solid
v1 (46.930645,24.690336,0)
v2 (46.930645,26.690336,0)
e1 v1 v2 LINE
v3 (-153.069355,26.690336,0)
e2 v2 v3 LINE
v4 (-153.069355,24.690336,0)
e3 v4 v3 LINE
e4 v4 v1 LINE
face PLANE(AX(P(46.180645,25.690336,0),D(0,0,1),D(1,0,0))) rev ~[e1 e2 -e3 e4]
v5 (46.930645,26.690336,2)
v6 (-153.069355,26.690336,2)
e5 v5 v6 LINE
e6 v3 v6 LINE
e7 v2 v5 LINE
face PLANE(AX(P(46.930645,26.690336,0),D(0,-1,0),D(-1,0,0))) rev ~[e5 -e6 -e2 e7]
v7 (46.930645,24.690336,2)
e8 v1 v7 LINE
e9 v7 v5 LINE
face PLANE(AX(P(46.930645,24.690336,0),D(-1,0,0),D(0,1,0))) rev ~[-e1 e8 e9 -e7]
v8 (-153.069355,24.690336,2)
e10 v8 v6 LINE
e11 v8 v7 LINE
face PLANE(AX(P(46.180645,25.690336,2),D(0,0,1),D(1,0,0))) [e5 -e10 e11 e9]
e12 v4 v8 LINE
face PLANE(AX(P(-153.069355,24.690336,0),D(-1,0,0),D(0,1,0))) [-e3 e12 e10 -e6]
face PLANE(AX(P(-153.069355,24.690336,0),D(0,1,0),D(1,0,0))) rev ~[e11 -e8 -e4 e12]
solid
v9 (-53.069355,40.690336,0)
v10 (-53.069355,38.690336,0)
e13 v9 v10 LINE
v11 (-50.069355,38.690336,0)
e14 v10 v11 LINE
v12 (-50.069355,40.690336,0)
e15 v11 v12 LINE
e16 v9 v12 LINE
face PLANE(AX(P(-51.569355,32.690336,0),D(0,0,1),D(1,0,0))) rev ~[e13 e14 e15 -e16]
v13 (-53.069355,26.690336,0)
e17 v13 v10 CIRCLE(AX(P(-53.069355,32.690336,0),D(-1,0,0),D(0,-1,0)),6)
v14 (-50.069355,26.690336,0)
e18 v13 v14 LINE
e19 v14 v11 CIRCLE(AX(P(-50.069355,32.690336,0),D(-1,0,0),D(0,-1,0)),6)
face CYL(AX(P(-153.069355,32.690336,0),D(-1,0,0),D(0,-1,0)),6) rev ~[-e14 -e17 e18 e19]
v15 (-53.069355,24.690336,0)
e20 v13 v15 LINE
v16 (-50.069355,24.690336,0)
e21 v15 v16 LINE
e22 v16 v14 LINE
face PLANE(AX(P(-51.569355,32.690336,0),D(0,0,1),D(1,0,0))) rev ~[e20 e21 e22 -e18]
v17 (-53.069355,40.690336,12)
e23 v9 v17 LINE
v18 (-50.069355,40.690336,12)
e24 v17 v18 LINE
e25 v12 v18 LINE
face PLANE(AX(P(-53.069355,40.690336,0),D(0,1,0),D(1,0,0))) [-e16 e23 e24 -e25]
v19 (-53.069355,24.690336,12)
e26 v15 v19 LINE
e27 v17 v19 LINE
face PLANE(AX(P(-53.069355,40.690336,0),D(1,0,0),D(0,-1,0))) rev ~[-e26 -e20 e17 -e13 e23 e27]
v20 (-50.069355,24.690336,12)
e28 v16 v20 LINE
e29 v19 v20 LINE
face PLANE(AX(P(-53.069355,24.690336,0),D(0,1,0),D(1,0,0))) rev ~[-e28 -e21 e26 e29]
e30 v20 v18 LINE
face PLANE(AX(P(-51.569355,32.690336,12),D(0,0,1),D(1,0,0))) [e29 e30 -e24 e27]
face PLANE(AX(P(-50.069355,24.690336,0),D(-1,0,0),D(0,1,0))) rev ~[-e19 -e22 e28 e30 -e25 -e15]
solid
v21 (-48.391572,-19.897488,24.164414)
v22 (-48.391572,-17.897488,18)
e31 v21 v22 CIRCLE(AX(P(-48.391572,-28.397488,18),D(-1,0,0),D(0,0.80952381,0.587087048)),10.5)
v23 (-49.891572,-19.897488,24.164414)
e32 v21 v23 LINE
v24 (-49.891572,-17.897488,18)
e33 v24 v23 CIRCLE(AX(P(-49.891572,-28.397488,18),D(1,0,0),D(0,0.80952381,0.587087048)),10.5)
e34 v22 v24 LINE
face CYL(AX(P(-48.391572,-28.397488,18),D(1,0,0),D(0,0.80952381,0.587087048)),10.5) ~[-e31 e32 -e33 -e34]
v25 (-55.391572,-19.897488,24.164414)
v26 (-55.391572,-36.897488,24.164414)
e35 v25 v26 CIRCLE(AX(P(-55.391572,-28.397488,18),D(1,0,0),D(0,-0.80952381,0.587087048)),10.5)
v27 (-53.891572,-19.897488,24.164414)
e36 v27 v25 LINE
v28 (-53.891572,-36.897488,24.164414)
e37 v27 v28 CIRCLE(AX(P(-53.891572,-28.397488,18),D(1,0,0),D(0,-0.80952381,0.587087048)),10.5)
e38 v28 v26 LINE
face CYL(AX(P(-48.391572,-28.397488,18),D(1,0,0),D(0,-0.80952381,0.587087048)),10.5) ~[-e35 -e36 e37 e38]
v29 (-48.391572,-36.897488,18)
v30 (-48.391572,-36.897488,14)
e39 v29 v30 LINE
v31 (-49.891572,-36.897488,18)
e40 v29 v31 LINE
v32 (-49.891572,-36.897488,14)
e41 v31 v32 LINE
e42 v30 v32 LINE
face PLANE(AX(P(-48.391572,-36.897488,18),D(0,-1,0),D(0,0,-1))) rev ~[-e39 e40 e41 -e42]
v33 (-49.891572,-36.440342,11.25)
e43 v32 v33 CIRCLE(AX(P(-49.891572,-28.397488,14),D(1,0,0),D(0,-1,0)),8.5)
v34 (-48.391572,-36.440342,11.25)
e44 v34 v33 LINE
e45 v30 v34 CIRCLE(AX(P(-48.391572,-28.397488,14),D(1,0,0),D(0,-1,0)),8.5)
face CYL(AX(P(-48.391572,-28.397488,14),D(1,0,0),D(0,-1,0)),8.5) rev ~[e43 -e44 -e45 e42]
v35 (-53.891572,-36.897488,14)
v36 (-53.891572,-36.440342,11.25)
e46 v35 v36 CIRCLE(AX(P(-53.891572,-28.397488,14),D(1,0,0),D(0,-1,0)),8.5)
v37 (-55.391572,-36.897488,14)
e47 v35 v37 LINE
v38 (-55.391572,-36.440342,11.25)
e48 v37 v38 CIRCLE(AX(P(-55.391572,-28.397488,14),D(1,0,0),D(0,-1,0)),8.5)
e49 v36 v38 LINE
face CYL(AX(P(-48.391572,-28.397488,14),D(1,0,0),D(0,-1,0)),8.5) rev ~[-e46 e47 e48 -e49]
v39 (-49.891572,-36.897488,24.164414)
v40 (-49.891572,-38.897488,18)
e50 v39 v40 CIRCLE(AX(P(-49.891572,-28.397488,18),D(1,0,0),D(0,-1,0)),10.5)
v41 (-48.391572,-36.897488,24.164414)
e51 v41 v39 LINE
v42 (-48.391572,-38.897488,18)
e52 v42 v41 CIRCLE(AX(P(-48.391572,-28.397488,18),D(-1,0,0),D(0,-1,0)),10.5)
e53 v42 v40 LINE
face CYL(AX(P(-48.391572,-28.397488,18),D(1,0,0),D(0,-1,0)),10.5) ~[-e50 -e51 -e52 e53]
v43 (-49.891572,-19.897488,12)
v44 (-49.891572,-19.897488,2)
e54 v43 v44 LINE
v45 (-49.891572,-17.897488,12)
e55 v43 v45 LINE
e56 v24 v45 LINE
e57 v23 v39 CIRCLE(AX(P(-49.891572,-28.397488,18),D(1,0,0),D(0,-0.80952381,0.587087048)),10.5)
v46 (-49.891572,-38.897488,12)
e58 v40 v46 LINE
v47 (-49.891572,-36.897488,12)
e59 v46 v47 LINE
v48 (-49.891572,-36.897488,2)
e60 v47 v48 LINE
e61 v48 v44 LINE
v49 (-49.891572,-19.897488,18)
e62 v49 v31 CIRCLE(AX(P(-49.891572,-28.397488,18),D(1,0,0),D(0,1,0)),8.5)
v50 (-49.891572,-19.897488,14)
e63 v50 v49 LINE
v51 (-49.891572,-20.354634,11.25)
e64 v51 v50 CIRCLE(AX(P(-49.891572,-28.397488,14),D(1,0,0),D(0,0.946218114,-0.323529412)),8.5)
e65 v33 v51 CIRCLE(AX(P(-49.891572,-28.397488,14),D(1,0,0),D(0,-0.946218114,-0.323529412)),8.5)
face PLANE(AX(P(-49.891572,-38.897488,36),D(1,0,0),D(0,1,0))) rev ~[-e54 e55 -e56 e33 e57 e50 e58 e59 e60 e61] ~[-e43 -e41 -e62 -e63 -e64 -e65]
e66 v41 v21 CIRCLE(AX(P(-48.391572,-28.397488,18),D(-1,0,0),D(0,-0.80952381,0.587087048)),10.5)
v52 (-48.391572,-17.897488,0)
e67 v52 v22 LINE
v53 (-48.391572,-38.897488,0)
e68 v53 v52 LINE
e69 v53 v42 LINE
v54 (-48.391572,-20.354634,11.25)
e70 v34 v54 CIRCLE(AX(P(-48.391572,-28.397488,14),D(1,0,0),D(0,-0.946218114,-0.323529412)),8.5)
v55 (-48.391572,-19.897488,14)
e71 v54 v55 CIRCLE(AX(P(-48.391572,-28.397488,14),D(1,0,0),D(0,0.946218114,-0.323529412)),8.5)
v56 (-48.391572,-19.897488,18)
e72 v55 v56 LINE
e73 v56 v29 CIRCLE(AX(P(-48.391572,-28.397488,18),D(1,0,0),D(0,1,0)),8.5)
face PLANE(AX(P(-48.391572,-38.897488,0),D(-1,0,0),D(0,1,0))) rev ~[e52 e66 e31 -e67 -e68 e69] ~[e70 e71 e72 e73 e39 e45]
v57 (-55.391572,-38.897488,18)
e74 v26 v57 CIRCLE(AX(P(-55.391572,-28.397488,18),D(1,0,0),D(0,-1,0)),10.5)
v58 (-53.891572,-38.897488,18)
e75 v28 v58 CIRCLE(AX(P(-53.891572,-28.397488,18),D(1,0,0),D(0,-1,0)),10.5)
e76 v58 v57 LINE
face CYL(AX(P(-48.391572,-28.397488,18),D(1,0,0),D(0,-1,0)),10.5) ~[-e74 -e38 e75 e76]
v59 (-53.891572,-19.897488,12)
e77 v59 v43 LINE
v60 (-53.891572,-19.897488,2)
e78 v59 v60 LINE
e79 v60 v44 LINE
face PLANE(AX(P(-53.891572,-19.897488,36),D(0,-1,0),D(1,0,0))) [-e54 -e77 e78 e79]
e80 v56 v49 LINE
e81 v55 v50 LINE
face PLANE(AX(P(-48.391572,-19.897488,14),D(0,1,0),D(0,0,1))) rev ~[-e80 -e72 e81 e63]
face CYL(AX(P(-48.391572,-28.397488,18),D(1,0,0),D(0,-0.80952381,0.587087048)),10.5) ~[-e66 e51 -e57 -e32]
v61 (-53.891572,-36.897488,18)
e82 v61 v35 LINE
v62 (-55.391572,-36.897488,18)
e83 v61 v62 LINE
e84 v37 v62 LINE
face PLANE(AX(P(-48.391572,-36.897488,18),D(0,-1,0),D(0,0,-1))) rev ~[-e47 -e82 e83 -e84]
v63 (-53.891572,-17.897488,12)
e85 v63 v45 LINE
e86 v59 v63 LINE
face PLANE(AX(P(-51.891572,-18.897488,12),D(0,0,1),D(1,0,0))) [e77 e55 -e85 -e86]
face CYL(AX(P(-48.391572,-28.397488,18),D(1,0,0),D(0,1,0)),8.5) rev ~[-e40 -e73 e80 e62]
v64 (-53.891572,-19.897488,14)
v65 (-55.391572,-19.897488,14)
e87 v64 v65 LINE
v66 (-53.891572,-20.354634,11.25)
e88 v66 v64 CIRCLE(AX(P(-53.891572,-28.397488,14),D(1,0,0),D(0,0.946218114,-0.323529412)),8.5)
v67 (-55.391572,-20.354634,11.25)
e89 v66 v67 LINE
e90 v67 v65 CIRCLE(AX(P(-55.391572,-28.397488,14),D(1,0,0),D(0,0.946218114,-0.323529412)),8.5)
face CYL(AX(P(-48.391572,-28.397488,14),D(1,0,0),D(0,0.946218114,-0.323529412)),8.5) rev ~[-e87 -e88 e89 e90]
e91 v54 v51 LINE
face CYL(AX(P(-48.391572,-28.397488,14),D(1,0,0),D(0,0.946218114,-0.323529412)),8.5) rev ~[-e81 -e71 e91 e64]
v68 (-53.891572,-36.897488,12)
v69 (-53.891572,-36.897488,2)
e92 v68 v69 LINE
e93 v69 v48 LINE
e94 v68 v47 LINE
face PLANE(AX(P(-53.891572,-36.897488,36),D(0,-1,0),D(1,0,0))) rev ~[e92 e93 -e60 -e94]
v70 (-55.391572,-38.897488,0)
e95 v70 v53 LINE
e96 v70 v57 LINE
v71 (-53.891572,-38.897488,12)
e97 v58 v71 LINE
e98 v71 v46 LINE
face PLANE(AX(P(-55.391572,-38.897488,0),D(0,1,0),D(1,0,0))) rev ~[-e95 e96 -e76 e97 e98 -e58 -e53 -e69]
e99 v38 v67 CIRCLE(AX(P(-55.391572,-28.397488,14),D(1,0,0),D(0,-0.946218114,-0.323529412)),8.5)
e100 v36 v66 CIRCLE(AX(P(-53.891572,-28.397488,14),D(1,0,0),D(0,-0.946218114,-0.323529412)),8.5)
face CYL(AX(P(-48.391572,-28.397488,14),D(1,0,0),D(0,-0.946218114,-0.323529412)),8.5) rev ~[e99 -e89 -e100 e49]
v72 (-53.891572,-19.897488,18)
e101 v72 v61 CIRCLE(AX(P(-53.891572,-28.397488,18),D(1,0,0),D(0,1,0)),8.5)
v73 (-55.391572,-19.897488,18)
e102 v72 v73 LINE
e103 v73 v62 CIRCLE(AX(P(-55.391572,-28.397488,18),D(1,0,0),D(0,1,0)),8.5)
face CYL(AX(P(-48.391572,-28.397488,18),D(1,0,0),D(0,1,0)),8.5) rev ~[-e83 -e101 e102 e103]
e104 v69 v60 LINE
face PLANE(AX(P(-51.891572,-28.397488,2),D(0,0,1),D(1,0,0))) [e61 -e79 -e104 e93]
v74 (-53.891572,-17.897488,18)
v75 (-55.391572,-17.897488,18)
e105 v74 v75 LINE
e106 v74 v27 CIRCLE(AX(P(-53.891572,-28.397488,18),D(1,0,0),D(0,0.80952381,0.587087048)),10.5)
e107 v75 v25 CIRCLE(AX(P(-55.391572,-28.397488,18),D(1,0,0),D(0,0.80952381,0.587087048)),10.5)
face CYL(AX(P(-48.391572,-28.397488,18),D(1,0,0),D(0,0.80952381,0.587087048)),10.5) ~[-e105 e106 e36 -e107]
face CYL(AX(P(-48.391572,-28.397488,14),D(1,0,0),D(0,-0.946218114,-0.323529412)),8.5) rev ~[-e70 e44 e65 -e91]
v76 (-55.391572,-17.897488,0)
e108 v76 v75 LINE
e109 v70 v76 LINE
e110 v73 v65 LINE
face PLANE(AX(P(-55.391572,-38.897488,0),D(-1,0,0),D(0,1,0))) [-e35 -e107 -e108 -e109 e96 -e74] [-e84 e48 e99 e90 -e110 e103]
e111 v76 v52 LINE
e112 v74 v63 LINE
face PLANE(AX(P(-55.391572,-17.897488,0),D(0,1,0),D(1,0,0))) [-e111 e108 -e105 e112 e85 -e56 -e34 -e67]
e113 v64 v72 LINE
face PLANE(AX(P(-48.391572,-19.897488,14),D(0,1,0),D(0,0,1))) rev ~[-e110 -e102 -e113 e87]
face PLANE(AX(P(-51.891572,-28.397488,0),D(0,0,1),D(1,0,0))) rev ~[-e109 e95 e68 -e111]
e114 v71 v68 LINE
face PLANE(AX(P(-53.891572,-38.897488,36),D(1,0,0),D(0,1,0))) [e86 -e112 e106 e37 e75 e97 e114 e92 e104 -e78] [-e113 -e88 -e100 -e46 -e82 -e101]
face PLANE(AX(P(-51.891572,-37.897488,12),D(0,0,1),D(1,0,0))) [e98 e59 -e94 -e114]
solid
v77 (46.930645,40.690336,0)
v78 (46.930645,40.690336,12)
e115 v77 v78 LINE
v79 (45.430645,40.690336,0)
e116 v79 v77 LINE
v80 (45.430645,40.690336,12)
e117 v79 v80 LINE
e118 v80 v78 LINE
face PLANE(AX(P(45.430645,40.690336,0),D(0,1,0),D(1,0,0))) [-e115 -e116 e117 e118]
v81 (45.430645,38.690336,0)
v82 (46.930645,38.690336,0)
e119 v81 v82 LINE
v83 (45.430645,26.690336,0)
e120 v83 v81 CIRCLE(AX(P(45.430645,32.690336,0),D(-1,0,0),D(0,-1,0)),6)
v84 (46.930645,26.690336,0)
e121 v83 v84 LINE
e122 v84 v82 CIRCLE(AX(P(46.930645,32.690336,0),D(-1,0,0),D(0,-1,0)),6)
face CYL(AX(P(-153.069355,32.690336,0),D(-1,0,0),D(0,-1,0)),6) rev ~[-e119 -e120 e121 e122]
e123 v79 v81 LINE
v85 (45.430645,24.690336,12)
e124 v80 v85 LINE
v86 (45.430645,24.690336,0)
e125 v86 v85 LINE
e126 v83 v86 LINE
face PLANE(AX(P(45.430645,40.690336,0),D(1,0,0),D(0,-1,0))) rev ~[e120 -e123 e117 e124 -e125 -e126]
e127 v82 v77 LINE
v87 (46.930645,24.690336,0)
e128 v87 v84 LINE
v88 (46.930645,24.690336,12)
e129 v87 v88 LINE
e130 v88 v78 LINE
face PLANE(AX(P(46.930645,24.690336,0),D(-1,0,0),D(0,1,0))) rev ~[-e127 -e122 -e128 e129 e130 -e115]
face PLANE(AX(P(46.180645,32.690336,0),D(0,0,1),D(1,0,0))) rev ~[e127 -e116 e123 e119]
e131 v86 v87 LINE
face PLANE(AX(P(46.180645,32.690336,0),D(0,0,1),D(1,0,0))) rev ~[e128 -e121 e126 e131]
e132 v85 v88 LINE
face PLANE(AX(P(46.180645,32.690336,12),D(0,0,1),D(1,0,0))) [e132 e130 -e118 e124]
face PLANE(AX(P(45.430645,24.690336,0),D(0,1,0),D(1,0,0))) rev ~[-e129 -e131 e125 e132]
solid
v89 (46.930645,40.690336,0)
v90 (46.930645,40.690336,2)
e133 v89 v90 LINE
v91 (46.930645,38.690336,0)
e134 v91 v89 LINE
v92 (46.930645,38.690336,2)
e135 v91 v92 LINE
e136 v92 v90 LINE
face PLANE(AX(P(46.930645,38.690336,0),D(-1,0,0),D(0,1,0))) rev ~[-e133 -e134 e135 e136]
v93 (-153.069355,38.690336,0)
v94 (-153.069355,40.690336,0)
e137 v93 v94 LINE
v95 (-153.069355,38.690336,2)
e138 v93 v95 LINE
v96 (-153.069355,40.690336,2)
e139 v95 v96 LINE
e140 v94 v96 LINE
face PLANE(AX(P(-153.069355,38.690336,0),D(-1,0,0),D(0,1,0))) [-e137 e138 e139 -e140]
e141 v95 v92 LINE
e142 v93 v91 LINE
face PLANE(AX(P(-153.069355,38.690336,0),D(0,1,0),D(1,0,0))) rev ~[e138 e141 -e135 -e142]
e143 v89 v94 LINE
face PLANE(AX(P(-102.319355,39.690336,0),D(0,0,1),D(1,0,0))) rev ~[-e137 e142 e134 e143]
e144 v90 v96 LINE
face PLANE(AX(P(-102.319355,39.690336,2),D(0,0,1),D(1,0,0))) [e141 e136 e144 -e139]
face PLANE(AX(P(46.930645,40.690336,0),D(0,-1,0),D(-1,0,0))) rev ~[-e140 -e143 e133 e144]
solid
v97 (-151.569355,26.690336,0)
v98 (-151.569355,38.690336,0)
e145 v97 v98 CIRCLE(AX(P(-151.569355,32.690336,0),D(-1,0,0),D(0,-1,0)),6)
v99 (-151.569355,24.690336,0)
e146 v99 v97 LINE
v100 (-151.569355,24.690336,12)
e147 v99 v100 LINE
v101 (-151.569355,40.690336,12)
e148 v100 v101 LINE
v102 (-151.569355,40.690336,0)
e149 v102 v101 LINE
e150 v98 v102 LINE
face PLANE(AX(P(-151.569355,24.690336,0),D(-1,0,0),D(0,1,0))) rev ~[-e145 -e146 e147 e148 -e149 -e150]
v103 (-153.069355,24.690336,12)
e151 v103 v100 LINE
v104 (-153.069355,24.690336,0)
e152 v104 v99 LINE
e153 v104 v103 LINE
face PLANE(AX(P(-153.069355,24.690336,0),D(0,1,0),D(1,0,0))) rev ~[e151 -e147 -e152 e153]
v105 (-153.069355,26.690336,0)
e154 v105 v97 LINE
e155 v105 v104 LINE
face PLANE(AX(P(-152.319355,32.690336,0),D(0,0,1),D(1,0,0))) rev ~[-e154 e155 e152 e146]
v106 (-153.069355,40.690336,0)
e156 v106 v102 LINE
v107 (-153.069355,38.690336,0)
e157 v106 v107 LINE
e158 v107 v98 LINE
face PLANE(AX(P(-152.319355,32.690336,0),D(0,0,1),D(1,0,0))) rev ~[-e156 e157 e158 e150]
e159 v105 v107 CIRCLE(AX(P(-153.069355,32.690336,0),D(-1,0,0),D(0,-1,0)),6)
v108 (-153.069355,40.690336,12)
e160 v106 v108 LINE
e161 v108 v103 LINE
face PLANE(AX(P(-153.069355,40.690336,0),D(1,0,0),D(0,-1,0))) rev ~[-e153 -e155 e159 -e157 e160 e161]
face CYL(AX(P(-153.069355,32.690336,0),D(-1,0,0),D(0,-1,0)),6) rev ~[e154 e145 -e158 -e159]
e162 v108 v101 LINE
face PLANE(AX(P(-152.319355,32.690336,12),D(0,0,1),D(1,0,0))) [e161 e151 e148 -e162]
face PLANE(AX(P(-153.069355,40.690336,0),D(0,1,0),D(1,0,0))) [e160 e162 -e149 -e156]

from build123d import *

# Parameters (mm, degrees)
F2_W      = 98.5
F2_H      = 2
F2_W_2    = 3
F2_W_3    = 95.5
F2_W_4    = 1.5
F3_DEPTH  = 2
F2_H_2    = 12
F4_DEPTH  = 12
F6_DEPTH  = 200.001
F7_W      = 7
F7_H      = 21
F8_DEPTH  = 36
F9_W      = 4
F9_H      = 17
F10_DEPTH = 34
F9_H_2    = 2
F11_DEPTH = 24
F13_DEPTH = 104.6787827614


with BuildPart() as f3:
    # F2 (on Top) → F3 (new body)
    with BuildSketch(Plane.XY):
        with Locations((-102.3193546855, 39.6903362217)):
            Rectangle(F2_W, F2_H)
        with Locations((-51.5693546855, 39.6903362217)):
            Rectangle(F2_W_2, F2_H)
        with Locations((-2.3193546855, 39.6903362217)):
            Rectangle(F2_W_3, F2_H)
        with Locations((-152.3193546855, 39.6903362217)):
            Rectangle(F2_W_4, F2_H)
        with Locations((46.1806453145, 39.6903362217)):
            Rectangle(F2_W_4, F2_H)
    extrude(amount=F3_DEPTH)


with BuildPart() as f3b:
    # F2 (on Top) → F3, piece 2 (new body)
    with BuildSketch(Plane.XY):
        with Locations((46.1806453145, 25.6903362217)):
            Rectangle(F2_W_4, F2_H)
        with Locations((-2.3193546855, 25.6903362217)):
            Rectangle(F2_W_3, F2_H)
        with Locations((-51.5693546855, 25.6903362217)):
            Rectangle(F2_W_2, F2_H)
        with Locations((-102.3193546855, 25.6903362217)):
            Rectangle(F2_W, F2_H)
        with Locations((-152.3193546855, 25.6903362217)):
            Rectangle(F2_W_4, F2_H)
    extrude(amount=F3_DEPTH)


with BuildPart() as f4:
    # F2 (on Top) → F4 (new body)
    with BuildSketch(Plane.XY):
        with Locations((-152.3193546855, 32.6903362217)):
            Rectangle(F2_W_4, F2_H_2)
        with Locations((-152.3193546855, 25.6903362217)):
            Rectangle(F2_W_4, F2_H)
        with Locations((-152.3193546855, 39.6903362217)):
            Rectangle(F2_W_4, F2_H)
    extrude(amount=F4_DEPTH)


with BuildPart() as f4b:
    # F2 (on Top) → F4, piece 2 (new body)
    with BuildSketch(Plane.XY):
        with Locations((-51.5693546855, 32.6903362217)):
            Rectangle(F2_W_2, F2_H_2)
        with Locations((-51.5693546855, 25.6903362217)):
            Rectangle(F2_W_2, F2_H)
        with Locations((-51.5693546855, 39.6903362217)):
            Rectangle(F2_W_2, F2_H)
    extrude(amount=F4_DEPTH)


with BuildPart() as f4c:
    # F2 (on Top) → F4, piece 3 (new body)
    with BuildSketch(Plane.XY):
        with Locations((46.1806453145, 32.6903362217)):
            Rectangle(F2_W_4, F2_H_2)
        with Locations((46.1806453145, 25.6903362217)):
            Rectangle(F2_W_4, F2_H)
        with Locations((46.1806453145, 39.6903362217)):
            Rectangle(F2_W_4, F2_H)
    extrude(amount=F4_DEPTH)


with BuildPart() as f6_tool:
    # F5 (on face) → F6 (new body, through all)
    with BuildSketch(Plane(origin=(-153.0693546855, 0, 0), x_dir=(0, -1, 0), z_dir=(-1, 0, 0))):
        with BuildLine():
            Line((-38.6903362217, 0), (-26.6903362217, 0))
            ThreePointArc((-26.6903362217, 0), (-32.6903362217, 6), (-38.6903362217, 0))
        make_face()
    extrude(amount=-F6_DEPTH)


with BuildPart() as f4_1:
    add(f4.part)

    # F6: cut by f6_tool
    add(f6_tool.part, mode=Mode.SUBTRACT)


with BuildPart() as f4b_1:
    add(f4b.part)

    # F6: cut by f6_tool
    add(f6_tool.part, mode=Mode.SUBTRACT)


with BuildPart() as f4c_1:
    add(f4c.part)

    # F6: cut by f6_tool
    add(f6_tool.part, mode=Mode.SUBTRACT)


with BuildPart() as f8:
    # F7 (on Top) → F8 (new body)
    with BuildSketch(Plane.XY):
        with Locations((-51.8915719241, -28.3974884252)):
            Rectangle(F7_W, F7_H)
    extrude(amount=F8_DEPTH)

    # F9 (on face) → F10 (cut)
    with BuildSketch(Plane.XY.offset(36)):
        with Locations((-51.8915719241, -28.3974884252)):
            Rectangle(F9_W, F9_H)
    extrude(amount=-F10_DEPTH, mode=Mode.SUBTRACT)

    # F9 (on face) → F11 (cut)
    with BuildSketch(Plane.XY.offset(36)):
        with Locations((-51.8915719241, -37.8974884252)):
            Rectangle(F9_W, F9_H_2)
        with Locations((-51.8915719241, -18.8974884252)):
            Rectangle(F9_W, F9_H_2)
    extrude(amount=-F11_DEPTH, mode=Mode.SUBTRACT)

    # F12 (on face) → F13 (cut, through all)
    with BuildSketch(Plane.YZ.offset(-48.3915719241)):
        with BuildLine():
            ThreePointArc((-20.3546344542, 11.25), (-28.3974884252, 7.5), (-36.4403423963, 11.25))
            ThreePointArc((-36.4403423963, 11.25), (-28.3974884252, 5.5), (-20.3546344542, 11.25))
        make_face()
        with BuildLine():
            Line((-35.8974884252, 14), (-36.8974884252, 14))
            ThreePointArc((-36.8974884252, 14), (-36.7824230927, 12.6061310596), (-36.4403423963, 11.25))
            ThreePointArc((-36.4403423963, 11.25), (-28.3974884252, 7.5), (-20.3546344542, 11.25))
            ThreePointArc((-20.3546344542, 11.25), (-20.0125537578, 12.6061310596), (-19.8974884252, 14))
            Line((-19.8974884252, 14), (-20.8974884252, 14))
            ThreePointArc((-20.8974884252, 14), (-28.3974884252, 9.5), (-35.8974884252, 14))
        make_face()
        with BuildLine():
            Line((-20.8974884252, 14), (-35.8974884252, 14))
            ThreePointArc((-35.8974884252, 14), (-28.3974884252, 9.5), (-20.8974884252, 14))
        make_face()
        with BuildLine():
            Line((-20.8974884252, 18), (-35.8974884252, 18))
            ThreePointArc((-35.8974884252, 18), (-36.3413592908, 17.0240561621), (-36.6588442462, 16))
            ThreePointArc((-36.6588442462, 16), (-36.3413592908, 14.9759438379), (-35.8974884252, 14))
            Line((-35.8974884252, 14), (-20.8974884252, 14))
            ThreePointArc((-20.8974884252, 14), (-20.4536175597, 14.9759438379), (-20.1361326043, 16))
            ThreePointArc((-20.1361326043, 16), (-20.4536175597, 17.0240561621), (-20.8974884252, 18))
        make_face()
        with BuildLine():
            Line((-35.8974884252, 18), (-36.8974884252, 18))
            ThreePointArc((-36.8974884252, 18), (-36.837616519, 16.9929062799), (-36.6588442462, 16))
            ThreePointArc((-36.6588442462, 16), (-36.3413592908, 17.0240561621), (-35.8974884252, 18))
        make_face()
        with BuildLine():
            ThreePointArc((-20.8974884252, 18), (-28.3974884252, 22.5), (-35.8974884252, 18))
            Line((-35.8974884252, 18), (-20.8974884252, 18))
        make_face()
        with BuildLine():
            Line((-20.8974884252, 14), (-19.8974884252, 14))
            ThreePointArc((-19.8974884252, 14), (-19.9573603315, 15.0070937201), (-20.1361326043, 16))
            ThreePointArc((-20.1361326043, 16), (-20.4536175597, 14.9759438379), (-20.8974884252, 14))
        make_face()
        with BuildLine():
            Line((-19.8974884252, 14), (-19.8974884252, 18))
            ThreePointArc((-19.8974884252, 18), (-19.9573603315, 16.9929062799), (-20.1361326043, 16))
            ThreePointArc((-20.1361326043, 16), (-19.9573603315, 15.0070937201), (-19.8974884252, 14))
        make_face()
        with BuildLine():
            ThreePointArc((-20.1361326043, 16), (-19.9573603315, 16.9929062799), (-19.8974884252, 18))
            Line((-19.8974884252, 18), (-20.8974884252, 18))
            ThreePointArc((-20.8974884252, 18), (-20.4536175597, 17.0240561621), (-20.1361326043, 16))
        make_face()
        with BuildLine():
            ThreePointArc((-19.8974884252, 18), (-28.3974884252, 26.5), (-36.8974884252, 18))
            Line((-36.8974884252, 18), (-35.8974884252, 18))
            ThreePointArc((-35.8974884252, 18), (-28.3974884252, 22.5), (-20.8974884252, 18))
            Line((-20.8974884252, 18), (-19.8974884252, 18))
        make_face()
        with BuildLine():
            ThreePointArc((-36.6588442462, 16), (-36.837616519, 16.9929062799), (-36.8974884252, 18))
            Line((-36.8974884252, 18), (-36.8974884252, 14))
            ThreePointArc((-36.8974884252, 14), (-36.837616519, 15.0070937201), (-36.6588442462, 16))
        make_face()
        with BuildLine():
            ThreePointArc((-36.6588442462, 16), (-36.837616519, 15.0070937201), (-36.8974884252, 14))
            Line((-36.8974884252, 14), (-35.8974884252, 14))
            ThreePointArc((-35.8974884252, 14), (-36.3413592908, 14.9759438379), (-36.6588442462, 16))
        make_face()
        with BuildLine():
            Line((-36.8974884252, 24.164414003), (-36.8974884252, 36))
            Line((-36.8974884252, 36), (-38.8974884252, 36))
            Line((-38.8974884252, 36), (-38.8974884252, 18))
            ThreePointArc((-38.8974884252, 18), (-38.3849806029, 21.2403703492), (-36.8974884252, 24.164414003))
        make_face()
        with BuildLine():
            Line((-19.8974884252, 36), (-36.8974884252, 36))
            Line((-36.8974884252, 36), (-36.8974884252, 24.164414003))
            ThreePointArc((-36.8974884252, 24.164414003), (-28.3974884252, 28.5), (-19.8974884252, 24.164414003))
            Line((-19.8974884252, 24.164414003), (-19.8974884252, 36))
        make_face()
        with BuildLine():
            Line((-17.8974884252, 36), (-19.8974884252, 36))
            Line((-19.8974884252, 36), (-19.8974884252, 24.164414003))
            ThreePointArc((-19.8974884252, 24.164414003), (-18.4099962475, 21.2403703492), (-17.8974884252, 18))
            Line((-17.8974884252, 18), (-17.8974884252, 36))
        make_face()
    extrude(amount=-F13_DEPTH, mode=Mode.SUBTRACT)


solid = Compound([f3.part, f3b.part, f4_1.part, f4b_1.part, f4c_1.part, f8.part])
